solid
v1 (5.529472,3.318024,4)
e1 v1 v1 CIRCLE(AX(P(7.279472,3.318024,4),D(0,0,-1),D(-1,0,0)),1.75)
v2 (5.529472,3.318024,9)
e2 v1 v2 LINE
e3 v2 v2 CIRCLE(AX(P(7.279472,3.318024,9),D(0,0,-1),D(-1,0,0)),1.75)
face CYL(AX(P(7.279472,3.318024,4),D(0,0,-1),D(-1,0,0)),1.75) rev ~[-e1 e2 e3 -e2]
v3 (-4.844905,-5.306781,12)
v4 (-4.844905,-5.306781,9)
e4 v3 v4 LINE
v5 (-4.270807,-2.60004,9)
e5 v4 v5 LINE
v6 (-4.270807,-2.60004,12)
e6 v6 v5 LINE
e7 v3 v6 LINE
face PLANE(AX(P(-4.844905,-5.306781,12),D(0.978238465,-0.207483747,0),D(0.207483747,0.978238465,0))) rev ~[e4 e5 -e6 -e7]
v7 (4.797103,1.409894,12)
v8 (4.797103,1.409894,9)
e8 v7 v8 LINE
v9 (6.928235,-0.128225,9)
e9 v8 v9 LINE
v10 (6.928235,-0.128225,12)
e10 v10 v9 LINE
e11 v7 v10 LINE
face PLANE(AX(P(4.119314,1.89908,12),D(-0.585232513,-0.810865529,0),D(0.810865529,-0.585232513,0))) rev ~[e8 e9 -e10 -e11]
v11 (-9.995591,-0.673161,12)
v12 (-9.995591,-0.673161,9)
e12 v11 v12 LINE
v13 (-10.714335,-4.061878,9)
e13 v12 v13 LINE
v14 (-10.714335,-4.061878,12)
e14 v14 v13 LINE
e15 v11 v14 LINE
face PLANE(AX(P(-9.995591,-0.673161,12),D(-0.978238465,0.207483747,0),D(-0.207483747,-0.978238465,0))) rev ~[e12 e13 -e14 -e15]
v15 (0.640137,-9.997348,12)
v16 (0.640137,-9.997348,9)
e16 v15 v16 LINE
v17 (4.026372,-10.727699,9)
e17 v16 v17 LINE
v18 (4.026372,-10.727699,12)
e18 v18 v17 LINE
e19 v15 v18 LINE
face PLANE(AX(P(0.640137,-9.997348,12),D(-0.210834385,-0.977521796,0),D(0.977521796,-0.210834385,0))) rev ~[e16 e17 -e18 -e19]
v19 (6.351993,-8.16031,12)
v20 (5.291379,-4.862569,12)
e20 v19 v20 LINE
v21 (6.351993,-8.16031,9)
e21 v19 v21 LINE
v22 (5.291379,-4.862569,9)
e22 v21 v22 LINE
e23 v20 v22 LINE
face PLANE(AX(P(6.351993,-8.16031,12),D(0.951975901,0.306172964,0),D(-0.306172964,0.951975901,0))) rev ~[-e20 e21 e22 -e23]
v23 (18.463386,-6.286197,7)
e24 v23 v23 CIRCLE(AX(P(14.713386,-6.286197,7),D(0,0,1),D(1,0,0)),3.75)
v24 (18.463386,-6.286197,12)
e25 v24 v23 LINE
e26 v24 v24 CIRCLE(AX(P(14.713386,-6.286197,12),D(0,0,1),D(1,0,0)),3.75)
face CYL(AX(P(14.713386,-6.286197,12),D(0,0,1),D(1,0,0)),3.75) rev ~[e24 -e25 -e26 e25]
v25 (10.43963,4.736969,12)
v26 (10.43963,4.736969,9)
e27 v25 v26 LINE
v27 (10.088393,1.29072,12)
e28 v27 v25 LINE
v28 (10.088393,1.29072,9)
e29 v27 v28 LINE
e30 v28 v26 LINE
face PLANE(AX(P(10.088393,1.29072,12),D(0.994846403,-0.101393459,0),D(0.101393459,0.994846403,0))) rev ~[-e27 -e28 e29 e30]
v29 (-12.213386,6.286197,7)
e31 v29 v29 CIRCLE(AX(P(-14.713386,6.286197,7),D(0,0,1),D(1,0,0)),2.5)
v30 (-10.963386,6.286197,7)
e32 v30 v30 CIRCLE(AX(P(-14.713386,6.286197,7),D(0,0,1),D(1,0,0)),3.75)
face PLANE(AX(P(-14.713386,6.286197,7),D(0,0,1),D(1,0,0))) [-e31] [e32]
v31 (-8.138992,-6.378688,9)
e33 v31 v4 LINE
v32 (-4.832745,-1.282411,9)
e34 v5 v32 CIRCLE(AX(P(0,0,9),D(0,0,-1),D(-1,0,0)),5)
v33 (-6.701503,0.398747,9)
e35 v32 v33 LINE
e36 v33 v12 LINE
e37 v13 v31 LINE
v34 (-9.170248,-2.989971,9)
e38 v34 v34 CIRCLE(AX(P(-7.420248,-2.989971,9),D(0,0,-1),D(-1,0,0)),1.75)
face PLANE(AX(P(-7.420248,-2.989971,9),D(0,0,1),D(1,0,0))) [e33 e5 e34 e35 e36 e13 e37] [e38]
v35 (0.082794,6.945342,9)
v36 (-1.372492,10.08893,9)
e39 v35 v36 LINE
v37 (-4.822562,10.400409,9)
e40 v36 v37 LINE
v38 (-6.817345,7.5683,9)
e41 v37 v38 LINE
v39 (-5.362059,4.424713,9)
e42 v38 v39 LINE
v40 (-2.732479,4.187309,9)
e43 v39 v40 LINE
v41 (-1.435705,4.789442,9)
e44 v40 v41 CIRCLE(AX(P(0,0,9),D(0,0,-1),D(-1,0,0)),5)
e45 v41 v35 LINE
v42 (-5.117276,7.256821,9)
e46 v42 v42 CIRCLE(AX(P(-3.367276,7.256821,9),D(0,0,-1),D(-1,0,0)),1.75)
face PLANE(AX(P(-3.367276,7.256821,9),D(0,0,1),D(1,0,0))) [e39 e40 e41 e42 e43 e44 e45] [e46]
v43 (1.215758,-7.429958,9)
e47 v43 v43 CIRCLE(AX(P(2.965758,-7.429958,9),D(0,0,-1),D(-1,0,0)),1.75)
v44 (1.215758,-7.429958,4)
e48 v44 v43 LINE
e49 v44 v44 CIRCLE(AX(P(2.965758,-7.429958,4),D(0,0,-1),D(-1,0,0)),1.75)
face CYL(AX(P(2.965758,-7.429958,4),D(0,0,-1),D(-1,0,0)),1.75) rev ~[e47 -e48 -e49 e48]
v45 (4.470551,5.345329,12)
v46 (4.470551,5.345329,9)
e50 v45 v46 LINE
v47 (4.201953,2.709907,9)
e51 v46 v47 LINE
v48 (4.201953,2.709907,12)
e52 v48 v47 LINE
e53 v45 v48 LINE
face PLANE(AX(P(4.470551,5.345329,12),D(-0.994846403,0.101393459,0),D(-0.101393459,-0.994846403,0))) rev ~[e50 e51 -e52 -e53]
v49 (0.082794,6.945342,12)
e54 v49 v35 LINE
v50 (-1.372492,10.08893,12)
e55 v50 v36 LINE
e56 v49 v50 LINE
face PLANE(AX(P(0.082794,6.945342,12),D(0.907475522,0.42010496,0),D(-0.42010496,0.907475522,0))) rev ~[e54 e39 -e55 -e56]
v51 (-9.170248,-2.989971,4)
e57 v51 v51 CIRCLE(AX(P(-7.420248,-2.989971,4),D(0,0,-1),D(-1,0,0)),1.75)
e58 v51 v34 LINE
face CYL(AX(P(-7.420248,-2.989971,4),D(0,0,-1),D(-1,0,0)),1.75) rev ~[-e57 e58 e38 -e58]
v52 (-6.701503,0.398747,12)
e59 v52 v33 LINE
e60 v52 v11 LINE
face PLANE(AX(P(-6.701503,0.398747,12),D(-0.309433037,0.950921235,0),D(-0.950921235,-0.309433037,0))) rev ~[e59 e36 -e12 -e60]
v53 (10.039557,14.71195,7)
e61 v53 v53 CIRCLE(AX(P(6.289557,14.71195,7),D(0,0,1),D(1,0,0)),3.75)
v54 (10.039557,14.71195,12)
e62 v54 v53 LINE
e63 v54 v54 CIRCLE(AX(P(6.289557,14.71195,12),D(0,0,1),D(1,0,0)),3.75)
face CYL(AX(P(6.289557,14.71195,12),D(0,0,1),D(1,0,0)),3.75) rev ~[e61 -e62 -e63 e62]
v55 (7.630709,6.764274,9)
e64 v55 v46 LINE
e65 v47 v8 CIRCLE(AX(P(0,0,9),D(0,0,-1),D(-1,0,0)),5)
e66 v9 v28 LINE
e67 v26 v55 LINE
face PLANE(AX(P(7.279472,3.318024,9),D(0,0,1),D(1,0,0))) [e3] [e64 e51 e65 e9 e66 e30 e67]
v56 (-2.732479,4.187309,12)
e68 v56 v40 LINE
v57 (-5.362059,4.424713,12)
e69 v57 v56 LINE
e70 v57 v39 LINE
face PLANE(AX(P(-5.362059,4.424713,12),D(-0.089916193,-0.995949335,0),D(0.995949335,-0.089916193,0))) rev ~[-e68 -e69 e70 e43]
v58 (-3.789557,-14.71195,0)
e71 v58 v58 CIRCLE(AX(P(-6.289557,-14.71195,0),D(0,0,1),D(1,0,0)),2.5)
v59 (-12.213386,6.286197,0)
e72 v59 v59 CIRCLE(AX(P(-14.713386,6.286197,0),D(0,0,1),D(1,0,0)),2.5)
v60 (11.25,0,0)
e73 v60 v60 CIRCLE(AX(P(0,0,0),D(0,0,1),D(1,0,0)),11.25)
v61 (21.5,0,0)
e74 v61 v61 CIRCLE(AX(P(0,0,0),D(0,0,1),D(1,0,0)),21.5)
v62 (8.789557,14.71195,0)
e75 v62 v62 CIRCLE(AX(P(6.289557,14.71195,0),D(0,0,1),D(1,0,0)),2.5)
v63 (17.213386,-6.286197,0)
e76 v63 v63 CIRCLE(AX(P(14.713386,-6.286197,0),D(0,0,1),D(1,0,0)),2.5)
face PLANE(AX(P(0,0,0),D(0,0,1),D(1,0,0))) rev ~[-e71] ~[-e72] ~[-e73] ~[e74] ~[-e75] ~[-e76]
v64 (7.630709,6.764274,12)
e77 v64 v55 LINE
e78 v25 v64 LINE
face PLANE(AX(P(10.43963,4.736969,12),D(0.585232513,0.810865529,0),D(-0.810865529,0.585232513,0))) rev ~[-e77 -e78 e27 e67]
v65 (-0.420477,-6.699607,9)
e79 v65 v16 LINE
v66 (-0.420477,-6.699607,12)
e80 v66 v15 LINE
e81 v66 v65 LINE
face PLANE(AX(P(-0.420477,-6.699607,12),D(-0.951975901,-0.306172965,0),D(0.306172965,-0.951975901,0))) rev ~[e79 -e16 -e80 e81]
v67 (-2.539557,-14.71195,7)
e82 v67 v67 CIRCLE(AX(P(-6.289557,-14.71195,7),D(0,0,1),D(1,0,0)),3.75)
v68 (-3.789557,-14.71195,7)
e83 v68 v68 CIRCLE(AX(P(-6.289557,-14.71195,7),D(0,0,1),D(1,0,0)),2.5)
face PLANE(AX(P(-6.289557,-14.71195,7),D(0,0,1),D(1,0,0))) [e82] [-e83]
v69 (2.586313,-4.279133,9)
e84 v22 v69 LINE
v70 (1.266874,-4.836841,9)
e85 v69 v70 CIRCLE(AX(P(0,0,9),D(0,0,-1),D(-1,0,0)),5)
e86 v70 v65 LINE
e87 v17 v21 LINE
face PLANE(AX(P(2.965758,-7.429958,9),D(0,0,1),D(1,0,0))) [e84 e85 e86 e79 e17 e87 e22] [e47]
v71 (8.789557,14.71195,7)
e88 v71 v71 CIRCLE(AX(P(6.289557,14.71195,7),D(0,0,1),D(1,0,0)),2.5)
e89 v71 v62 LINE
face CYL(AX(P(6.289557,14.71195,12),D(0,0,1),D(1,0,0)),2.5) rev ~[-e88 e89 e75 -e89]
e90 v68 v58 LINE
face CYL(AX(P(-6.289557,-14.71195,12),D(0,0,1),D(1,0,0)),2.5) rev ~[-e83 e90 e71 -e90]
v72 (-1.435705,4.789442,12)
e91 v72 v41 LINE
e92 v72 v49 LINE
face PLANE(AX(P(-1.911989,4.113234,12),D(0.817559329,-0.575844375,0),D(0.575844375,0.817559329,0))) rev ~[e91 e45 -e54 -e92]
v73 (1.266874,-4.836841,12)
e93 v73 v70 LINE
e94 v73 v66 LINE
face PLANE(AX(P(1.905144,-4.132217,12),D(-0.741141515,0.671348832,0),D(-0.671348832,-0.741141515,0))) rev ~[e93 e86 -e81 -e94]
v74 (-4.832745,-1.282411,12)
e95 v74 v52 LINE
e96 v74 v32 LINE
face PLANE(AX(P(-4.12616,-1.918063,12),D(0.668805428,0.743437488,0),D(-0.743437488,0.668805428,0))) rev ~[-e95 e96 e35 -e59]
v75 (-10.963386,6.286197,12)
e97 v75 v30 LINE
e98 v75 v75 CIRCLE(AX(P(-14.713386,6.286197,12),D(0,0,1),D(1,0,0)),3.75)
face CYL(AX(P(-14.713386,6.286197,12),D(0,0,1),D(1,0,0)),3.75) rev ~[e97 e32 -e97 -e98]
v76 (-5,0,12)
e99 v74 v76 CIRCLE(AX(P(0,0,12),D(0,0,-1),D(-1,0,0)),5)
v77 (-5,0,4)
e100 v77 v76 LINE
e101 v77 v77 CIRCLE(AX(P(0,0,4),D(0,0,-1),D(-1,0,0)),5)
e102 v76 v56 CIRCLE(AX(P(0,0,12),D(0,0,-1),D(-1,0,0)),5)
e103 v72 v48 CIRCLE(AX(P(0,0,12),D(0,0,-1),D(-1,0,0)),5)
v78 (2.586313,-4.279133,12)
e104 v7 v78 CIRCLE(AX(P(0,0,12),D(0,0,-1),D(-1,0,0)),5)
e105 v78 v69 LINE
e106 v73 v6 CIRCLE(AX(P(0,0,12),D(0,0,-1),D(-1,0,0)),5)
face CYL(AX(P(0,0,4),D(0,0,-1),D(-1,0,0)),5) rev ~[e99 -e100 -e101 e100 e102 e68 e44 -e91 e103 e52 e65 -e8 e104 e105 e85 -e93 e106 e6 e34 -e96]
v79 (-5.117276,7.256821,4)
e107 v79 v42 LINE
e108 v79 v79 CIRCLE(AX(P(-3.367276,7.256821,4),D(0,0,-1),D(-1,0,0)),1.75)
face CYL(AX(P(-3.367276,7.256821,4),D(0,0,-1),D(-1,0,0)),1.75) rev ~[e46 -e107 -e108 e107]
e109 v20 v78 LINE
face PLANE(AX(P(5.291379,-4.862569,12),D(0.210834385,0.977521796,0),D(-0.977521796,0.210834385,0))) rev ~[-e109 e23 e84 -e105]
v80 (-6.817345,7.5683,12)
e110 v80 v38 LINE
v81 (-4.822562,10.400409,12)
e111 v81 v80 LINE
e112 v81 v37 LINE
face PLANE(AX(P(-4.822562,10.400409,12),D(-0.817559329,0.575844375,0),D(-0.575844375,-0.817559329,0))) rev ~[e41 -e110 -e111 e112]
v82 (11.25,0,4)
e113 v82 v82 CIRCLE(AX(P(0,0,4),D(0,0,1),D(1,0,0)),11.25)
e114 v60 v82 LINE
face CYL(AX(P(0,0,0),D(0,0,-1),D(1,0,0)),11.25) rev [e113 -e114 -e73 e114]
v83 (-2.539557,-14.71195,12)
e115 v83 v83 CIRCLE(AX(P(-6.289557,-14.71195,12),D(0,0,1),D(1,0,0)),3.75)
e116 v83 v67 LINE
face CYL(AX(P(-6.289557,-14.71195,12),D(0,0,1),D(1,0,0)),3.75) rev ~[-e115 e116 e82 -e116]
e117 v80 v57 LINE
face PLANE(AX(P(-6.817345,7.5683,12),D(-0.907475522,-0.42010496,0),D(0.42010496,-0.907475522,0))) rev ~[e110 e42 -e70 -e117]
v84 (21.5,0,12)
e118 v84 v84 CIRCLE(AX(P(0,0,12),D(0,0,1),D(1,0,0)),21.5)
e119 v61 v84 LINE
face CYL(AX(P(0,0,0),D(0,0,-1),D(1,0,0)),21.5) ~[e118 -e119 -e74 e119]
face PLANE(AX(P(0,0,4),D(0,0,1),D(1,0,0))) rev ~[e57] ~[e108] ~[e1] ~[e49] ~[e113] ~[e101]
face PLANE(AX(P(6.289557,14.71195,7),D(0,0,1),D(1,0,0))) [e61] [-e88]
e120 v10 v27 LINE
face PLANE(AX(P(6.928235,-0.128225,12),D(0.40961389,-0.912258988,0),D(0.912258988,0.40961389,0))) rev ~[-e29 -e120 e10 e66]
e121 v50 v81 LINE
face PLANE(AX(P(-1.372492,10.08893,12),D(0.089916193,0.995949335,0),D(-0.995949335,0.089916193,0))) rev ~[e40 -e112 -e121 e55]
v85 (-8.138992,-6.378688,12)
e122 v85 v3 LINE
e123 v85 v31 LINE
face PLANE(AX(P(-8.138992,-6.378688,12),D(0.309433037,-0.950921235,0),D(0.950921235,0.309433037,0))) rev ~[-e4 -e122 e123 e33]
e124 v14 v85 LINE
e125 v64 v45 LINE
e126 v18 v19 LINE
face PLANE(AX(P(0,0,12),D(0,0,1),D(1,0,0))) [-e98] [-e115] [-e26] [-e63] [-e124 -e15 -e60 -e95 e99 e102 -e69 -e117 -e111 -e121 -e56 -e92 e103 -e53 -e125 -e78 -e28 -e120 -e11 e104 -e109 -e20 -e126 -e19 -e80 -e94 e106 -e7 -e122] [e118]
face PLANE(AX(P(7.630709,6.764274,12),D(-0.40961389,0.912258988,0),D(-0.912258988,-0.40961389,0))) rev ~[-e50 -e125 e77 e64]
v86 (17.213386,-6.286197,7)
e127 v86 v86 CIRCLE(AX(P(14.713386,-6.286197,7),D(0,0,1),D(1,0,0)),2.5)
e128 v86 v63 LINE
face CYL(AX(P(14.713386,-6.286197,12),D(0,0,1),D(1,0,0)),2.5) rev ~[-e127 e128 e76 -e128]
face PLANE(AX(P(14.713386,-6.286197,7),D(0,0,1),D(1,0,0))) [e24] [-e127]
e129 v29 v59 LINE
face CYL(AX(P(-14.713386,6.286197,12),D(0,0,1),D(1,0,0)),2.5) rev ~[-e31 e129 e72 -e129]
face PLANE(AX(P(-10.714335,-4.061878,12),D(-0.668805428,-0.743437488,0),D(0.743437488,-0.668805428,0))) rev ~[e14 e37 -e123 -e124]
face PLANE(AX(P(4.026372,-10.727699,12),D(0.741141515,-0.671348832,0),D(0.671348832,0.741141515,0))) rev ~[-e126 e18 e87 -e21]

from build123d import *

# Parameters (mm, degrees)
ESQUISSE1_R             = 21.5
ESQUISSE1_R_2           = 11.25
BOSS_EXTRU_1_DEPTH      = 12
ESQUISSE2_R             = 2.5
ENL_V_MAT_EXTRU_1_DEPTH = 33.687918257
ESQUISSE4_R             = 3.75
ENL_V_MAT_EXTRU_2_DEPTH = 5
BOSS_EXTRU_2_START      = -8
ESQUISSE5_R             = 11.25
BOSS_EXTRU_2_DEPTH      = 8
ESQUISSE6_R             = 5
ENL_V_MAT_EXTRU_3_DEPTH = 50
ESQUISSE7_R             = 1.75
ENL_V_MAT_EXTRU_4_DEPTH = 11
ENL_V_MAT_EXTRU_5_DEPTH = 3


with BuildPart() as part:
    # Esquisse1 → Boss.-Extru.1 (new body)
    with BuildSketch(Plane.XY):
        Circle(ESQUISSE1_R)
        Circle(ESQUISSE1_R_2, mode=Mode.SUBTRACT)
    extrude(amount=BOSS_EXTRU_1_DEPTH)

    # Esquisse2 → Enlèv. mat.-Extru.1 (cut, through all)
    with BuildSketch(Plane.XY.offset(12)):
        with Locations((-14.713385832, 6.286197369)):
            Circle(ESQUISSE2_R)
        with Locations((6.28955657, 14.711950182)):
            Circle(ESQUISSE2_R)
        with Locations((14.713385832, -6.286197369)):
            Circle(ESQUISSE2_R)
        with Locations((-6.28955657, -14.711950182)):
            Circle(ESQUISSE2_R)
    extrude(amount=-ENL_V_MAT_EXTRU_1_DEPTH, mode=Mode.SUBTRACT)

    # Esquisse4 → Enlèv. mat.-Extru.2 (cut)
    with BuildSketch(Plane.XY.offset(12)):
        with Locations((-6.28955657, -14.711950182)):
            Circle(ESQUISSE4_R)
        with Locations((14.713385832, -6.286197369)):
            Circle(ESQUISSE4_R)
        with Locations((6.28955657, 14.711950182)):
            Circle(ESQUISSE4_R)
        with Locations((-14.713385832, 6.286197369)):
            Circle(ESQUISSE4_R)
    extrude(amount=-ENL_V_MAT_EXTRU_2_DEPTH, mode=Mode.SUBTRACT)

    # Esquisse5 → Boss.-Extru.2 (add)
    with BuildSketch(Plane.XY.offset(12).offset(BOSS_EXTRU_2_START)):
        Circle(ESQUISSE5_R)
    extrude(amount=BOSS_EXTRU_2_DEPTH)

    # Esquisse6 → Enlèv. mat.-Extru.3 (cut)
    with BuildSketch(Plane(origin=(0, 0, 4), x_dir=(-1, 0, 0), z_dir=(0, 0, -1))):
        Circle(ESQUISSE6_R)
    extrude(amount=-ENL_V_MAT_EXTRU_3_DEPTH, mode=Mode.SUBTRACT)

    # Esquisse7 → Enlèv. mat.-Extru.4 (cut)
    with BuildSketch(Plane(origin=(0, 0, 4), x_dir=(-1, 0, 0), z_dir=(0, 0, -1))):
        with Locations((7.420247562, -2.989970922)):
            Circle(ESQUISSE7_R)
        with Locations((-2.965758016, -7.429958236)):
            Circle(ESQUISSE7_R)
        with Locations((-7.27947207, 3.31802447)):
            Circle(ESQUISSE7_R)
        with Locations((3.367275567, 7.256821292)):
            Circle(ESQUISSE7_R)
    extrude(amount=-ENL_V_MAT_EXTRU_4_DEPTH, mode=Mode.SUBTRACT)

    # Esquisse8 → Enlèv. mat.-Extru.5 (cut)
    with BuildSketch(Plane.XY.offset(12)):
        Polygon((-6.817345267, 7.56830012), (-5.362058995, 4.4247127), (-1.911989294, 4.113233872), (0.082794134, 6.945342463), (-1.372492138, 10.088929883), (-4.822561839, 10.400408711), align=None)
        Polygon((7.630709315, 6.764273503), (4.470551482, 5.345329364), (4.119314237, 1.899080331), (6.928234824, -0.128224563), (10.088392657, 1.290719576), (10.439629903, 4.736968609), align=None)
        Polygon((6.351992849, -8.160309971), (5.291378589, -4.862568715), (1.905143756, -4.13221698), (-0.420476817, -6.699606501), (0.640137444, -9.997347757), (4.026372276, -10.727699492), align=None)
        Polygon((-6.701502779, 0.398746525), (-9.995590566, -0.673160957), (-10.71433535, -4.061878404), (-8.138992346, -6.378688369), (-4.844904559, -5.306780887), (-4.126159775, -1.91806344), align=None)
    extrude(amount=-ENL_V_MAT_EXTRU_5_DEPTH, mode=Mode.SUBTRACT)


solid = part.part
